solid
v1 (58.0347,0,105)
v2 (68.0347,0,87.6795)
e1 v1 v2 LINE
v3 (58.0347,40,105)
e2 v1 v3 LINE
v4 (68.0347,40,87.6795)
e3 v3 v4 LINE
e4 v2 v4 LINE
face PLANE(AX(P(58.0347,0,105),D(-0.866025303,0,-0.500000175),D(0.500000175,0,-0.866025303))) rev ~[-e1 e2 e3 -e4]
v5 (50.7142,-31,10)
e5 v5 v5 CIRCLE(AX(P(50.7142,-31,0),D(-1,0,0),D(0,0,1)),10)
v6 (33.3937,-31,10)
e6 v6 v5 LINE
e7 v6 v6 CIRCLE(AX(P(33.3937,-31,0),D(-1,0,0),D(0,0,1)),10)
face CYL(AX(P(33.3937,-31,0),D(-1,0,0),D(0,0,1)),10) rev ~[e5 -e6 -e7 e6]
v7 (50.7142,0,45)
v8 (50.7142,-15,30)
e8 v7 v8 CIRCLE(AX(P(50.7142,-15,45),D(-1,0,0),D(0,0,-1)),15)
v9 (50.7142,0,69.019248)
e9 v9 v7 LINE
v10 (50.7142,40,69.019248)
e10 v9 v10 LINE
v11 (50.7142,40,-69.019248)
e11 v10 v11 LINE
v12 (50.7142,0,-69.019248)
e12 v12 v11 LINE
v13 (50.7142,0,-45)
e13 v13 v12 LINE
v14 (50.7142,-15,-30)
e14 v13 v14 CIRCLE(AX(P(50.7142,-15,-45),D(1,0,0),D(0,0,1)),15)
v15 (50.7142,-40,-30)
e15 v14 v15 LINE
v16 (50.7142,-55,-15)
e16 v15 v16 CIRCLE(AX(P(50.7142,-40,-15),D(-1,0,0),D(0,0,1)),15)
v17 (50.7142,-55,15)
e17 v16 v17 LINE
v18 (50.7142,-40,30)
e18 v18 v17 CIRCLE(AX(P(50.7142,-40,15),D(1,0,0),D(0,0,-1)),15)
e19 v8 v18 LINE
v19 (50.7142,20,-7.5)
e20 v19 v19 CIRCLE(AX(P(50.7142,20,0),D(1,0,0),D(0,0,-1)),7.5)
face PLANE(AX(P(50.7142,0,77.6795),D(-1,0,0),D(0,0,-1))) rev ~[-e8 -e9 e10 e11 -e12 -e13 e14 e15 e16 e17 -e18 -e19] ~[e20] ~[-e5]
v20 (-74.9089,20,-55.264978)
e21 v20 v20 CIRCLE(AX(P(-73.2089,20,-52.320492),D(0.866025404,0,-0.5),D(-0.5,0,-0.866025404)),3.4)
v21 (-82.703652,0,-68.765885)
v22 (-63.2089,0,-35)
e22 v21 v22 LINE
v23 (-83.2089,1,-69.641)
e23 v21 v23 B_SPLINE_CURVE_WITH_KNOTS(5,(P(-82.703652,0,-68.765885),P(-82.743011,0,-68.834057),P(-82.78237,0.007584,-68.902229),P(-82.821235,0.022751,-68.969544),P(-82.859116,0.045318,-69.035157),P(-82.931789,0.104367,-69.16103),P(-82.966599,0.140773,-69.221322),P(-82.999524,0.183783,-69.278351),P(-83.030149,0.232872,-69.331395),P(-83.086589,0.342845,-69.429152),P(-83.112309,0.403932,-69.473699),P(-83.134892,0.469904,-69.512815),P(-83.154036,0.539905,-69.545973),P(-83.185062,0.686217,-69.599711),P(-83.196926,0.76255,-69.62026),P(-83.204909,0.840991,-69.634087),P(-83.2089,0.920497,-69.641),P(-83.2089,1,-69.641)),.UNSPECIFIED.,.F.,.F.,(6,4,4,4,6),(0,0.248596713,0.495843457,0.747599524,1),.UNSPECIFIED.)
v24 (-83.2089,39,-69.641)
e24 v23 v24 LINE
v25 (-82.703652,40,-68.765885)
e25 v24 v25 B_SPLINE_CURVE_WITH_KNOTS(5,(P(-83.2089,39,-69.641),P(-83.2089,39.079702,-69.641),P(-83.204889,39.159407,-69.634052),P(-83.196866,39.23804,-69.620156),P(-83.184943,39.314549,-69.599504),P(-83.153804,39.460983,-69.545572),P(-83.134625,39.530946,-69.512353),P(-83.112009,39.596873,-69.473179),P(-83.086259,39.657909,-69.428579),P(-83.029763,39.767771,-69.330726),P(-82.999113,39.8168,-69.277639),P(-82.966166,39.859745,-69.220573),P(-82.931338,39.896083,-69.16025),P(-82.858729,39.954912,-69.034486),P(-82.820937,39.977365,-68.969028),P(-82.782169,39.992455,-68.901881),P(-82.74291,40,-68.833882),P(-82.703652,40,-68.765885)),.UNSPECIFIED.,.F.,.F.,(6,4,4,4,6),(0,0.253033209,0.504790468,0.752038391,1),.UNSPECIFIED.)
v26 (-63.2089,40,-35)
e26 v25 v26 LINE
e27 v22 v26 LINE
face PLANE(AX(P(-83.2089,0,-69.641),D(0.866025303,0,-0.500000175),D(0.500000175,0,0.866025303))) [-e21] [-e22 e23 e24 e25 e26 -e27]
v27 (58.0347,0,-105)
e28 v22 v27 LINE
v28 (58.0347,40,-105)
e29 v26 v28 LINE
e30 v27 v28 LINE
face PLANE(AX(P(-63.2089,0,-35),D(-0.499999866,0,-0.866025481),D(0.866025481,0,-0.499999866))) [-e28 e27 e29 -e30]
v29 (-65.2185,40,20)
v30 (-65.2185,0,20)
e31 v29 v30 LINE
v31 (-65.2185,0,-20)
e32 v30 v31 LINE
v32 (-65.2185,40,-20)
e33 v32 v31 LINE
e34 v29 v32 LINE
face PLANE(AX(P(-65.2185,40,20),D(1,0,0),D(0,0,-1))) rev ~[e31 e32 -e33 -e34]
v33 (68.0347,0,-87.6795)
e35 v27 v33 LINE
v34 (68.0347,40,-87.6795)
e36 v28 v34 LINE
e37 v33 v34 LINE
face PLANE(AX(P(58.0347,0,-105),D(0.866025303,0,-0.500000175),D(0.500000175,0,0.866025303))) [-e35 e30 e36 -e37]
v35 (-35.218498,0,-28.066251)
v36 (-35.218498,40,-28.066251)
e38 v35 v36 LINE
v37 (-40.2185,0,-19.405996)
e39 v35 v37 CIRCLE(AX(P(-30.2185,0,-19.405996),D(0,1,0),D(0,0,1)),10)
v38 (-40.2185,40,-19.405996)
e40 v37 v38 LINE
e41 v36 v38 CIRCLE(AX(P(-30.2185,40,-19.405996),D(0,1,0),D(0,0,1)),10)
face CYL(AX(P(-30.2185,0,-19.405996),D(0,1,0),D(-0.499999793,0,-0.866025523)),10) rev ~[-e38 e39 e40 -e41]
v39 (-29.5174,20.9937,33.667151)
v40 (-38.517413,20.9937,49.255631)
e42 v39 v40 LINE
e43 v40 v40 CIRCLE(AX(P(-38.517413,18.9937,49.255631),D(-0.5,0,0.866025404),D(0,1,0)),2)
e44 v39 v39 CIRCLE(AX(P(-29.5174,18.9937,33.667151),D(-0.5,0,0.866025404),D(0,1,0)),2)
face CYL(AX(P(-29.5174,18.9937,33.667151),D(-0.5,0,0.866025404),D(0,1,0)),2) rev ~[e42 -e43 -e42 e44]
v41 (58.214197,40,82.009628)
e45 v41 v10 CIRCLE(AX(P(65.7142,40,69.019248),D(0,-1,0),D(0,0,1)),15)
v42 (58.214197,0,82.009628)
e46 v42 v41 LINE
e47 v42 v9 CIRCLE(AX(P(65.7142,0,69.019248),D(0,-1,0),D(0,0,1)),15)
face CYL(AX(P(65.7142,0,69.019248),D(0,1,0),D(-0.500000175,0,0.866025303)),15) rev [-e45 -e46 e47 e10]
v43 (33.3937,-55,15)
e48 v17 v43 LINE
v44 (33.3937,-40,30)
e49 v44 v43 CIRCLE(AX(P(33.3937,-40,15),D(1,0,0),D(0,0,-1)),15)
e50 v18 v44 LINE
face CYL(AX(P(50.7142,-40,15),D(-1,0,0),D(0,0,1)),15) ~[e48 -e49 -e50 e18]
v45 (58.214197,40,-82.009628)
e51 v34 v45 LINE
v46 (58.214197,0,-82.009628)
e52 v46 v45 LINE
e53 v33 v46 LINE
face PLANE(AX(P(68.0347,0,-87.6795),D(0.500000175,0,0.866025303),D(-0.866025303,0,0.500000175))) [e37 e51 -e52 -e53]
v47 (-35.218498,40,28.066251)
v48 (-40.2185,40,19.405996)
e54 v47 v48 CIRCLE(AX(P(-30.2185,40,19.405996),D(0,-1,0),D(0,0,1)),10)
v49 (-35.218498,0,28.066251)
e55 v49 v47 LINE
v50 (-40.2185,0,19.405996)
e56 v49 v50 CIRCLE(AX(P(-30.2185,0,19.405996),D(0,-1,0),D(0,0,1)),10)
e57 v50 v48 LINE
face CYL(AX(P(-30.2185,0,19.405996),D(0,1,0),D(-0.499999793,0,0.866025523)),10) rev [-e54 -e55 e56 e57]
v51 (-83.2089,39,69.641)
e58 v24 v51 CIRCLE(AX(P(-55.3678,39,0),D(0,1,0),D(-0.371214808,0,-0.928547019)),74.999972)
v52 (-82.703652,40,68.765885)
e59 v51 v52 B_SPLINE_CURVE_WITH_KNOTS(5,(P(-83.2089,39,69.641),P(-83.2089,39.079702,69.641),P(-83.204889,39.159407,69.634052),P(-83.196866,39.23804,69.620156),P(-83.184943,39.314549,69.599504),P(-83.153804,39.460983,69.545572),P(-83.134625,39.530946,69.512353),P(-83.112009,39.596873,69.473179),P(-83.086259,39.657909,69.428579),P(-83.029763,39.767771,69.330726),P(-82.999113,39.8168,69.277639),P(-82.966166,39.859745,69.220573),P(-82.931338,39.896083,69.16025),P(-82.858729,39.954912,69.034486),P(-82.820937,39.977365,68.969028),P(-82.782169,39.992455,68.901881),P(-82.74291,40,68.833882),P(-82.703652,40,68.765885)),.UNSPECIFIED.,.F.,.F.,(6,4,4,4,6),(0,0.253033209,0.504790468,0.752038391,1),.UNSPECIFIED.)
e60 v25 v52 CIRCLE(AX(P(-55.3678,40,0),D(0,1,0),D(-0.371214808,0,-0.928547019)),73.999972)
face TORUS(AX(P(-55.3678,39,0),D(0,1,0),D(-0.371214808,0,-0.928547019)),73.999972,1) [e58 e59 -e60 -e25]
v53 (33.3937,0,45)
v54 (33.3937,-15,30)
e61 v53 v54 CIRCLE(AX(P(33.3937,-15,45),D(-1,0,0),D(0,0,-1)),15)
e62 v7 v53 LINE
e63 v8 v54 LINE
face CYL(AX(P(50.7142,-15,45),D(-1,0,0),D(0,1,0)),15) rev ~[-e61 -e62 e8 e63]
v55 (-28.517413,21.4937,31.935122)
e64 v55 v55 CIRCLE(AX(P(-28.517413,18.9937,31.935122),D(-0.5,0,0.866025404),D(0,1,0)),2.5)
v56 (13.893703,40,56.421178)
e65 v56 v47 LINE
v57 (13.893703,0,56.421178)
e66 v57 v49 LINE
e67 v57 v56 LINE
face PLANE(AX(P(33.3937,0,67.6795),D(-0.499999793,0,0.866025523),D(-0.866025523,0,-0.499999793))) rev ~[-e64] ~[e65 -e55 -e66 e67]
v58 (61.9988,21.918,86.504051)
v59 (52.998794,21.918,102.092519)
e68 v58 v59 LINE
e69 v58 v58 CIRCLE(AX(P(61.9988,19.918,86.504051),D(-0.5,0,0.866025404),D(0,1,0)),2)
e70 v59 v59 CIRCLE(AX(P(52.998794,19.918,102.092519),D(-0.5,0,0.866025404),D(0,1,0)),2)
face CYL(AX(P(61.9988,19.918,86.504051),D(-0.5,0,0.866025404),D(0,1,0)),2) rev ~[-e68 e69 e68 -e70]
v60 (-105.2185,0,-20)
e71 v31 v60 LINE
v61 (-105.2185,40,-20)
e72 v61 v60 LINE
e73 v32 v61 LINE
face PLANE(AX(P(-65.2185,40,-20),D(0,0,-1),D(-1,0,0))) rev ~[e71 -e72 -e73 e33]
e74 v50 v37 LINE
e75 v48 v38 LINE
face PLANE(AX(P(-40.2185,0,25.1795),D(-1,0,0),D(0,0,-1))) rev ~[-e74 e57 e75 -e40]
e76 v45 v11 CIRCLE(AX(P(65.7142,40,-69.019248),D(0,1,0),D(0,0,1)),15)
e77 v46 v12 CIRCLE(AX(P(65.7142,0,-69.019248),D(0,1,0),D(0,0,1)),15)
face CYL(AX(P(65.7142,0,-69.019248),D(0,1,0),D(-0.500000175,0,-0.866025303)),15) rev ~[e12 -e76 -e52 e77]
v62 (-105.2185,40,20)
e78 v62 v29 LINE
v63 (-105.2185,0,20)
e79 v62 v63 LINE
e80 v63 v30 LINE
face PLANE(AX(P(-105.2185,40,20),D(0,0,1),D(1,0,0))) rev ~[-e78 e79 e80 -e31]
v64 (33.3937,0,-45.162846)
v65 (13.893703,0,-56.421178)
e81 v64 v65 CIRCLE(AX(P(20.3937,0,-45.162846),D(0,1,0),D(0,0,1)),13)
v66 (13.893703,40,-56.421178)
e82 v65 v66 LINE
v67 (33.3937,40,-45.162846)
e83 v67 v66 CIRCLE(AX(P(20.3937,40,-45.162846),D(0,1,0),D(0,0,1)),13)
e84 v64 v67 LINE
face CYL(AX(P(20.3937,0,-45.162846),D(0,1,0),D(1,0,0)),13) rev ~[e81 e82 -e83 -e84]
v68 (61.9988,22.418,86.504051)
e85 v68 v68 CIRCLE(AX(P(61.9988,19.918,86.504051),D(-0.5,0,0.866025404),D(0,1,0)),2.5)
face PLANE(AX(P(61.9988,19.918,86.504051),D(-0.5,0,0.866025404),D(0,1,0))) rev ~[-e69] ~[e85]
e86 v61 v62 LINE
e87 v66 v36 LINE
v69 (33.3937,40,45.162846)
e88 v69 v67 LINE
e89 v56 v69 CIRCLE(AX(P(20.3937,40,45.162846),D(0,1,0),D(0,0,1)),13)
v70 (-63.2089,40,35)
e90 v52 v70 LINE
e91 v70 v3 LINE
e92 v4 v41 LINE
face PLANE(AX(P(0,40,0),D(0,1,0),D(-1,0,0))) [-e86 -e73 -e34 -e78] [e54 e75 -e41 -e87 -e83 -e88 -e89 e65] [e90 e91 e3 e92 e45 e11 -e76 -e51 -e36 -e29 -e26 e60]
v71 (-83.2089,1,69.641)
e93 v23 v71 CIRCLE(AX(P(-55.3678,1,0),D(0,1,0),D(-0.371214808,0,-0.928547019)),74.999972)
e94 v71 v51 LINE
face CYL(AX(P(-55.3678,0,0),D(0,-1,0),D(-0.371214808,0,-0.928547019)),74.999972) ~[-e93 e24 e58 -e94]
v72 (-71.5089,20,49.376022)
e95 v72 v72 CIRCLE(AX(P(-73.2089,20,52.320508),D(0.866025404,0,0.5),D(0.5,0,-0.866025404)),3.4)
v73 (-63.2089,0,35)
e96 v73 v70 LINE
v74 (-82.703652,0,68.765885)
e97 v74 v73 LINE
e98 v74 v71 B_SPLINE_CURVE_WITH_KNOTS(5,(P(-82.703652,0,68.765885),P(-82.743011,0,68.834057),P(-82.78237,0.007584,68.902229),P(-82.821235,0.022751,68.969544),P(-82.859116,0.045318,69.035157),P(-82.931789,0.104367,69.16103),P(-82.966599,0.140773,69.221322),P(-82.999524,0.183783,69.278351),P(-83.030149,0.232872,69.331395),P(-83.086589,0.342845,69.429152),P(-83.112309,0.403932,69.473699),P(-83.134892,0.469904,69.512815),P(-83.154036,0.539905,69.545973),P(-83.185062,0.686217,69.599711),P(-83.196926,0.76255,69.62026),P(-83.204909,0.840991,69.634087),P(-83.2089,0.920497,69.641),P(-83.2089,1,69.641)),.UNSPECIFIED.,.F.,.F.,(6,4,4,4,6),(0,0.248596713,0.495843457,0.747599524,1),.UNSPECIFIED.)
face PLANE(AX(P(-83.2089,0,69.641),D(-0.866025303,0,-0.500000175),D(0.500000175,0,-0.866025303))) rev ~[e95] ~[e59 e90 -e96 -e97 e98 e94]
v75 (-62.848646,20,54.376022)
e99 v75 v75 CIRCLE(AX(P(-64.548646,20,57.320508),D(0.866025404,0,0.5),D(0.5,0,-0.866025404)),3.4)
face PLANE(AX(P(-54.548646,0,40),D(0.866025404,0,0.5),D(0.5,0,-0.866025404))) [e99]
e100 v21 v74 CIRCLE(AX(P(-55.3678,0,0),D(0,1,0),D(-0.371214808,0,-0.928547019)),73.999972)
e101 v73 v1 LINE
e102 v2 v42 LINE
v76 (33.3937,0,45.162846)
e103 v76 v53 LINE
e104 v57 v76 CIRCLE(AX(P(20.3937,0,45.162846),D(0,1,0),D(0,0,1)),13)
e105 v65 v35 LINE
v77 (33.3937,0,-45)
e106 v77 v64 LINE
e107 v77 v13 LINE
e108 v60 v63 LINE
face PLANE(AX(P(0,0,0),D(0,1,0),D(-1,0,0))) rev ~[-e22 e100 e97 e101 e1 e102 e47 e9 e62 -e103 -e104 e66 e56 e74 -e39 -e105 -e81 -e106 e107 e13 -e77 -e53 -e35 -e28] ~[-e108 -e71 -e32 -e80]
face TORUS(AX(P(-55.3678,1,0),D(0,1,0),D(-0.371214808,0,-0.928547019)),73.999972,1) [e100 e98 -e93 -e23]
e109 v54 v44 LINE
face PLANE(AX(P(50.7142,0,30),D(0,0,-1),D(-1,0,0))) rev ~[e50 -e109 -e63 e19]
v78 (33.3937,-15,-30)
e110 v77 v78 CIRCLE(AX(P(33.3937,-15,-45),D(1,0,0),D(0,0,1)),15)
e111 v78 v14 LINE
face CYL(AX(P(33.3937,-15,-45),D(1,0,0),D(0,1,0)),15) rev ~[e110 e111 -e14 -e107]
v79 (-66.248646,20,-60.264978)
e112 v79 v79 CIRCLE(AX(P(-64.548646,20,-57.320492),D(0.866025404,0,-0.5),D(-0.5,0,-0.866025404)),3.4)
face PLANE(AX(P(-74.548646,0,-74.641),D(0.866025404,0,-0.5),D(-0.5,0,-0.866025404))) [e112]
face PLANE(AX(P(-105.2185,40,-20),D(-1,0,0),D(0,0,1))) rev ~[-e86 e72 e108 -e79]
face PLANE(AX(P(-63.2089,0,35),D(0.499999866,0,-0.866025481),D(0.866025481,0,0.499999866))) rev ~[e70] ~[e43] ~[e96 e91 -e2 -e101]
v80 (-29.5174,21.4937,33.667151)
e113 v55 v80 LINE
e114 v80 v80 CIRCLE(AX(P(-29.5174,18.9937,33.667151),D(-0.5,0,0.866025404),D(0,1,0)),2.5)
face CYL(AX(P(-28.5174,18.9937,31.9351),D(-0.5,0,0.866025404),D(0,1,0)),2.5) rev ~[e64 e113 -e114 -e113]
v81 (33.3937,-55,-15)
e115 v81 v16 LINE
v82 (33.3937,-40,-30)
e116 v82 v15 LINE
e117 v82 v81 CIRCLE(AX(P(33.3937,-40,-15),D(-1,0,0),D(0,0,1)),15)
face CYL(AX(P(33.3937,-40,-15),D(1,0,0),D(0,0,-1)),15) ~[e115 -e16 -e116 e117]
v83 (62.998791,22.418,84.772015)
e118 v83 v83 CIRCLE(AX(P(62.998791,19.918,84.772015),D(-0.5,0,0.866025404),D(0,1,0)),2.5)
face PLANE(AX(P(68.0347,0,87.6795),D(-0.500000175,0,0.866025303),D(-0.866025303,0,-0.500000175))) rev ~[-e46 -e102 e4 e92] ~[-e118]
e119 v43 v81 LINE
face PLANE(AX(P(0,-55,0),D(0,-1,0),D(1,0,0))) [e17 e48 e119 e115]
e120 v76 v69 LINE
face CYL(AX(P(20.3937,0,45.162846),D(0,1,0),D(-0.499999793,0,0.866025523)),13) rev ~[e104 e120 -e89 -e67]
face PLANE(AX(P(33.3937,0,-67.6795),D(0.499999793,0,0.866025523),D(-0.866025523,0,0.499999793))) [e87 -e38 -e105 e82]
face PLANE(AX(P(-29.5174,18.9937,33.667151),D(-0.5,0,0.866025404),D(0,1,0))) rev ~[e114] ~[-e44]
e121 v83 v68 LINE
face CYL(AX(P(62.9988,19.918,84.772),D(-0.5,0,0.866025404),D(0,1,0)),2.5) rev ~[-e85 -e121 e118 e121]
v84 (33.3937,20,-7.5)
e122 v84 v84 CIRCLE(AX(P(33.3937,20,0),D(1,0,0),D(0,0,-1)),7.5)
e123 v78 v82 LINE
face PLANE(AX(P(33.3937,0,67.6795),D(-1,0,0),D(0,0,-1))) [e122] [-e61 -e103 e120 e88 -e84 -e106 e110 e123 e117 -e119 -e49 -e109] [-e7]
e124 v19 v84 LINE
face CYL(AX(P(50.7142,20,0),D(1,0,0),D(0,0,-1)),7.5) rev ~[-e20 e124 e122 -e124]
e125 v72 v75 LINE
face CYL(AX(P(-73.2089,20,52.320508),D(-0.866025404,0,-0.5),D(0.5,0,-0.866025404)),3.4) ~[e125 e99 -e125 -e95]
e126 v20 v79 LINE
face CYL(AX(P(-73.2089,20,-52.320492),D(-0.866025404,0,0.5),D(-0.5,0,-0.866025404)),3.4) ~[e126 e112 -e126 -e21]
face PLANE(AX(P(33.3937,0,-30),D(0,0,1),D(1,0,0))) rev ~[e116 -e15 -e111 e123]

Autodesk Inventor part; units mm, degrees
ref_plane "YZ Plane" through (0, 0, 0) normal (1, 0, 0) x (0, 1, 0)
ref_plane "XZ Plane" through (0, 0, 0) normal (0, 1, 0) x (-1, 0, 0)
ref_plane "XY Plane" through (0, 0, 0) normal (0, 0, 1) x (1, 0, 0)
sketch "Sketch1" plane through (0, 0, 0) normal (0, 1, 0) x (-1, 0, 0)
  line L0 (-126.3701, 48.161) -> (-51.2671, 4.8003) construction
  line L1 (-51.2671, 4.8003) -> (-126.3701, -38.5605) construction
  line L2 (-126.3701, -38.5605) -> (-126.3701, 48.161) construction
  line L3 (110.9585, 0) -> (-59.5814, 0) construction
  line L4 (83.2089, 69.641) -> (63.2089, 35)
  line L5 (63.2089, 35) -> (-58.0347, 105)
  line L6 (-58.0347, 105) -> (-68.0347, 87.6795)
  line L7 (-68.0347, 87.6795) -> (-50.7142, 77.6795)
  line L8 (-33.3937, 67.6795) -> (40.2185, 25.1795)
  line L9 (83.2089, -69.641) -> (63.2089, -35)
  line L10 (63.2089, -35) -> (-58.0347, -105)
  line L11 (-58.0347, -105) -> (-68.0347, -87.6795)
  line L12 (-68.0347, -87.6795) -> (-50.7142, -77.6795)
  line L13 (-33.3937, -67.6795) -> (40.2185, -25.1795)
  arc A0 (83.2089, -69.641) -> (83.2089, 69.641) centre (55.3678, 0) ccw
  line L14 (-50.7142, 77.6795) -> (-50.7142, -77.6795)
  line L15 (-33.3937, 67.6795) -> (-33.3937, -67.6795)
  line L16 (40.2185, 25.1795) -> (40.2185, -25.1795)
  dimension "d3" = 40
  dimension "d4" = 140
  dimension "d5" = 20
  dimension "d7" = 20
  dimension "d19" = 70
  dimension "d20" = 75
  dimension "d21" = 20
  dimension "d22" = 85
extrude "Extrusion1" add sketch "Sketch1" along normal blind 40
sketch "Sketch2" plane through (-63.2089, 0, 35) normal (0.866, 0, 0.5) x (0.5, 0, -0.866)
  circle A0 centre (-20, 20) radius 3.4
  line L0 (-40, 40) -> (0, 40) projected
  line L1 (-40, 0) -> (-40, 40) projected
  point P0 (61.9153, 0)
  point P1 (-20, 40)
  point P2 (-40, 20)
  dimension "d10" = 6.8
extrude "Extrusion2" add sketch "Sketch2" along normal blind 10
sketch "Sketch3" plane through (-83.2089, 0, -69.641) normal (0.866, 0, -0.5) x (-0.5, 0, -0.866)
  circle A0 centre (-20, 20) radius 3.4
  line L0 (-40, 40) -> (0, 40) projected
  line L1 (0, 0) -> (0, 40) projected
  point P0 (-101.9153, 0)
  point P1 (-20, 40)
  point P2 (0, 20)
  dimension "d13" = 6.8
extrude "Extrusion3" add sketch "Sketch3" along normal blind 10
sketch "Sketch4" plane through (0, 40, 0) normal (0, 1, 0) x (1, 0, 0)
  line L0 (-105.2185, -20) -> (-65.2185, -20)
  line L1 (-65.2185, -20) -> (-65.2185, 20)
  line L2 (-65.2185, 20) -> (-105.2185, 20)
  line L3 (-105.2185, 20) -> (-105.2185, -20)
  line L4 (-40.2185, -25.1795) -> (-40.2185, 25.1795) projected
  point P0 (0, 0)
  point P1 (-105.2185, 0)
  dimension "d16" = 40
  dimension "d17" = 40
  dimension "d23" = 25
extrude "Extrusion4" cut sketch "Sketch4" against normal blind 40
fillet "Fillet1" radius 10 2 edges at (-40.2185, 20, -25.1795) (-40.2185, 20, 25.1795)
fillet "Fillet2" radius 13 2 edges at (33.3937, 20, 67.6795) (33.3937, 20, -67.6795)
fillet "Fillet3" radius 15 2 edges at (50.7142, 20, 77.6795) (50.7142, 20, -77.6795)
sketch "Sketch5" plane through (68.0347, 0, 87.6795) normal (0.5, 0, -0.866) x (-0.866, 0, -0.5)
  point P0 (102.7595, 0)
  point P1 (5.815, 19.918)
hole "Hole1" at (62.9988, 19.918, 84.772) direction (-0.5, 0, 0.866) diameter 4 end through all counterbore diameter 5 counterbore depth 2
sketch "Sketch6" plane through (-35.2185, 0, 28.0662) normal (0.5, 0, -0.866) x (-0.866, 0, -0.5)
  point P0 (-16.467, 0)
  point P1 (-7.7378, 18.9937)
hole "Hole2" at (-28.5174, 18.9937, 31.9351) direction (-0.5, 0, 0.866) diameter 4 end through all counterbore diameter 5 counterbore depth 2
fillet "Fillet9" radius 1 2 edges at (-130.3678, 0, 0) (-130.3678, 40, 0)
sketch "Sketch11" plane through (0, 0, 0) normal (0, -1, 0) x (1, 0, 0)
  line L0 (33.3937, -30) -> (50.7142, -30)
  line L1 (50.7142, -30) -> (50.7142, 30)
  line L2 (50.7142, 30) -> (33.3937, 30)
  line L3 (33.3937, 30) -> (33.3937, -30)
  line L4 (33.3937, 45.1628) -> (33.3937, -45.1628) projected
  line L5 (50.7142, 69.0192) -> (50.7142, -69.0192) projected
  point P0 (0, 0)
  point P1 (33.3937, 0)
  dimension "d89" = 60
extrude "Extrusion8" add sketch "Sketch11" along normal blind 55
sketch "Sketch12" plane through (33.3937, 0, -45.1628) normal (-1, 0, 0) x (0, 0, 1)
  circle A0 centre (45.1628, -31) radius 10
  point P0 (45.1628, 0)
  dimension "d92" = 20
  dimension "d93" = 31
extrude "Extrusion9" cut sketch "Sketch12" against normal up to next
fillet "Fillet10" radius 15 4 edges at (42.0539, 0, 30) (42.0539, -55, 30) (42.0539, 0, -30) (42.0539, -55, -30)
sketch "Sketch13" plane through (50.7142, 0, -69.0192) normal (1, 0, 0) x (0, 0, -1)
  circle A0 centre (-69.0192, 20) radius 7.5
  line L0 (-49.6132, 0) -> (-88.4252, 0) projected
  point P0 (-69.0192, 0)
  dimension "d97" = 15
  dimension "d98" = 20
extrude "Extrusion10" cut sketch "Sketch13" against normal up to next
properties part number "Profil_Winkel_oben"
